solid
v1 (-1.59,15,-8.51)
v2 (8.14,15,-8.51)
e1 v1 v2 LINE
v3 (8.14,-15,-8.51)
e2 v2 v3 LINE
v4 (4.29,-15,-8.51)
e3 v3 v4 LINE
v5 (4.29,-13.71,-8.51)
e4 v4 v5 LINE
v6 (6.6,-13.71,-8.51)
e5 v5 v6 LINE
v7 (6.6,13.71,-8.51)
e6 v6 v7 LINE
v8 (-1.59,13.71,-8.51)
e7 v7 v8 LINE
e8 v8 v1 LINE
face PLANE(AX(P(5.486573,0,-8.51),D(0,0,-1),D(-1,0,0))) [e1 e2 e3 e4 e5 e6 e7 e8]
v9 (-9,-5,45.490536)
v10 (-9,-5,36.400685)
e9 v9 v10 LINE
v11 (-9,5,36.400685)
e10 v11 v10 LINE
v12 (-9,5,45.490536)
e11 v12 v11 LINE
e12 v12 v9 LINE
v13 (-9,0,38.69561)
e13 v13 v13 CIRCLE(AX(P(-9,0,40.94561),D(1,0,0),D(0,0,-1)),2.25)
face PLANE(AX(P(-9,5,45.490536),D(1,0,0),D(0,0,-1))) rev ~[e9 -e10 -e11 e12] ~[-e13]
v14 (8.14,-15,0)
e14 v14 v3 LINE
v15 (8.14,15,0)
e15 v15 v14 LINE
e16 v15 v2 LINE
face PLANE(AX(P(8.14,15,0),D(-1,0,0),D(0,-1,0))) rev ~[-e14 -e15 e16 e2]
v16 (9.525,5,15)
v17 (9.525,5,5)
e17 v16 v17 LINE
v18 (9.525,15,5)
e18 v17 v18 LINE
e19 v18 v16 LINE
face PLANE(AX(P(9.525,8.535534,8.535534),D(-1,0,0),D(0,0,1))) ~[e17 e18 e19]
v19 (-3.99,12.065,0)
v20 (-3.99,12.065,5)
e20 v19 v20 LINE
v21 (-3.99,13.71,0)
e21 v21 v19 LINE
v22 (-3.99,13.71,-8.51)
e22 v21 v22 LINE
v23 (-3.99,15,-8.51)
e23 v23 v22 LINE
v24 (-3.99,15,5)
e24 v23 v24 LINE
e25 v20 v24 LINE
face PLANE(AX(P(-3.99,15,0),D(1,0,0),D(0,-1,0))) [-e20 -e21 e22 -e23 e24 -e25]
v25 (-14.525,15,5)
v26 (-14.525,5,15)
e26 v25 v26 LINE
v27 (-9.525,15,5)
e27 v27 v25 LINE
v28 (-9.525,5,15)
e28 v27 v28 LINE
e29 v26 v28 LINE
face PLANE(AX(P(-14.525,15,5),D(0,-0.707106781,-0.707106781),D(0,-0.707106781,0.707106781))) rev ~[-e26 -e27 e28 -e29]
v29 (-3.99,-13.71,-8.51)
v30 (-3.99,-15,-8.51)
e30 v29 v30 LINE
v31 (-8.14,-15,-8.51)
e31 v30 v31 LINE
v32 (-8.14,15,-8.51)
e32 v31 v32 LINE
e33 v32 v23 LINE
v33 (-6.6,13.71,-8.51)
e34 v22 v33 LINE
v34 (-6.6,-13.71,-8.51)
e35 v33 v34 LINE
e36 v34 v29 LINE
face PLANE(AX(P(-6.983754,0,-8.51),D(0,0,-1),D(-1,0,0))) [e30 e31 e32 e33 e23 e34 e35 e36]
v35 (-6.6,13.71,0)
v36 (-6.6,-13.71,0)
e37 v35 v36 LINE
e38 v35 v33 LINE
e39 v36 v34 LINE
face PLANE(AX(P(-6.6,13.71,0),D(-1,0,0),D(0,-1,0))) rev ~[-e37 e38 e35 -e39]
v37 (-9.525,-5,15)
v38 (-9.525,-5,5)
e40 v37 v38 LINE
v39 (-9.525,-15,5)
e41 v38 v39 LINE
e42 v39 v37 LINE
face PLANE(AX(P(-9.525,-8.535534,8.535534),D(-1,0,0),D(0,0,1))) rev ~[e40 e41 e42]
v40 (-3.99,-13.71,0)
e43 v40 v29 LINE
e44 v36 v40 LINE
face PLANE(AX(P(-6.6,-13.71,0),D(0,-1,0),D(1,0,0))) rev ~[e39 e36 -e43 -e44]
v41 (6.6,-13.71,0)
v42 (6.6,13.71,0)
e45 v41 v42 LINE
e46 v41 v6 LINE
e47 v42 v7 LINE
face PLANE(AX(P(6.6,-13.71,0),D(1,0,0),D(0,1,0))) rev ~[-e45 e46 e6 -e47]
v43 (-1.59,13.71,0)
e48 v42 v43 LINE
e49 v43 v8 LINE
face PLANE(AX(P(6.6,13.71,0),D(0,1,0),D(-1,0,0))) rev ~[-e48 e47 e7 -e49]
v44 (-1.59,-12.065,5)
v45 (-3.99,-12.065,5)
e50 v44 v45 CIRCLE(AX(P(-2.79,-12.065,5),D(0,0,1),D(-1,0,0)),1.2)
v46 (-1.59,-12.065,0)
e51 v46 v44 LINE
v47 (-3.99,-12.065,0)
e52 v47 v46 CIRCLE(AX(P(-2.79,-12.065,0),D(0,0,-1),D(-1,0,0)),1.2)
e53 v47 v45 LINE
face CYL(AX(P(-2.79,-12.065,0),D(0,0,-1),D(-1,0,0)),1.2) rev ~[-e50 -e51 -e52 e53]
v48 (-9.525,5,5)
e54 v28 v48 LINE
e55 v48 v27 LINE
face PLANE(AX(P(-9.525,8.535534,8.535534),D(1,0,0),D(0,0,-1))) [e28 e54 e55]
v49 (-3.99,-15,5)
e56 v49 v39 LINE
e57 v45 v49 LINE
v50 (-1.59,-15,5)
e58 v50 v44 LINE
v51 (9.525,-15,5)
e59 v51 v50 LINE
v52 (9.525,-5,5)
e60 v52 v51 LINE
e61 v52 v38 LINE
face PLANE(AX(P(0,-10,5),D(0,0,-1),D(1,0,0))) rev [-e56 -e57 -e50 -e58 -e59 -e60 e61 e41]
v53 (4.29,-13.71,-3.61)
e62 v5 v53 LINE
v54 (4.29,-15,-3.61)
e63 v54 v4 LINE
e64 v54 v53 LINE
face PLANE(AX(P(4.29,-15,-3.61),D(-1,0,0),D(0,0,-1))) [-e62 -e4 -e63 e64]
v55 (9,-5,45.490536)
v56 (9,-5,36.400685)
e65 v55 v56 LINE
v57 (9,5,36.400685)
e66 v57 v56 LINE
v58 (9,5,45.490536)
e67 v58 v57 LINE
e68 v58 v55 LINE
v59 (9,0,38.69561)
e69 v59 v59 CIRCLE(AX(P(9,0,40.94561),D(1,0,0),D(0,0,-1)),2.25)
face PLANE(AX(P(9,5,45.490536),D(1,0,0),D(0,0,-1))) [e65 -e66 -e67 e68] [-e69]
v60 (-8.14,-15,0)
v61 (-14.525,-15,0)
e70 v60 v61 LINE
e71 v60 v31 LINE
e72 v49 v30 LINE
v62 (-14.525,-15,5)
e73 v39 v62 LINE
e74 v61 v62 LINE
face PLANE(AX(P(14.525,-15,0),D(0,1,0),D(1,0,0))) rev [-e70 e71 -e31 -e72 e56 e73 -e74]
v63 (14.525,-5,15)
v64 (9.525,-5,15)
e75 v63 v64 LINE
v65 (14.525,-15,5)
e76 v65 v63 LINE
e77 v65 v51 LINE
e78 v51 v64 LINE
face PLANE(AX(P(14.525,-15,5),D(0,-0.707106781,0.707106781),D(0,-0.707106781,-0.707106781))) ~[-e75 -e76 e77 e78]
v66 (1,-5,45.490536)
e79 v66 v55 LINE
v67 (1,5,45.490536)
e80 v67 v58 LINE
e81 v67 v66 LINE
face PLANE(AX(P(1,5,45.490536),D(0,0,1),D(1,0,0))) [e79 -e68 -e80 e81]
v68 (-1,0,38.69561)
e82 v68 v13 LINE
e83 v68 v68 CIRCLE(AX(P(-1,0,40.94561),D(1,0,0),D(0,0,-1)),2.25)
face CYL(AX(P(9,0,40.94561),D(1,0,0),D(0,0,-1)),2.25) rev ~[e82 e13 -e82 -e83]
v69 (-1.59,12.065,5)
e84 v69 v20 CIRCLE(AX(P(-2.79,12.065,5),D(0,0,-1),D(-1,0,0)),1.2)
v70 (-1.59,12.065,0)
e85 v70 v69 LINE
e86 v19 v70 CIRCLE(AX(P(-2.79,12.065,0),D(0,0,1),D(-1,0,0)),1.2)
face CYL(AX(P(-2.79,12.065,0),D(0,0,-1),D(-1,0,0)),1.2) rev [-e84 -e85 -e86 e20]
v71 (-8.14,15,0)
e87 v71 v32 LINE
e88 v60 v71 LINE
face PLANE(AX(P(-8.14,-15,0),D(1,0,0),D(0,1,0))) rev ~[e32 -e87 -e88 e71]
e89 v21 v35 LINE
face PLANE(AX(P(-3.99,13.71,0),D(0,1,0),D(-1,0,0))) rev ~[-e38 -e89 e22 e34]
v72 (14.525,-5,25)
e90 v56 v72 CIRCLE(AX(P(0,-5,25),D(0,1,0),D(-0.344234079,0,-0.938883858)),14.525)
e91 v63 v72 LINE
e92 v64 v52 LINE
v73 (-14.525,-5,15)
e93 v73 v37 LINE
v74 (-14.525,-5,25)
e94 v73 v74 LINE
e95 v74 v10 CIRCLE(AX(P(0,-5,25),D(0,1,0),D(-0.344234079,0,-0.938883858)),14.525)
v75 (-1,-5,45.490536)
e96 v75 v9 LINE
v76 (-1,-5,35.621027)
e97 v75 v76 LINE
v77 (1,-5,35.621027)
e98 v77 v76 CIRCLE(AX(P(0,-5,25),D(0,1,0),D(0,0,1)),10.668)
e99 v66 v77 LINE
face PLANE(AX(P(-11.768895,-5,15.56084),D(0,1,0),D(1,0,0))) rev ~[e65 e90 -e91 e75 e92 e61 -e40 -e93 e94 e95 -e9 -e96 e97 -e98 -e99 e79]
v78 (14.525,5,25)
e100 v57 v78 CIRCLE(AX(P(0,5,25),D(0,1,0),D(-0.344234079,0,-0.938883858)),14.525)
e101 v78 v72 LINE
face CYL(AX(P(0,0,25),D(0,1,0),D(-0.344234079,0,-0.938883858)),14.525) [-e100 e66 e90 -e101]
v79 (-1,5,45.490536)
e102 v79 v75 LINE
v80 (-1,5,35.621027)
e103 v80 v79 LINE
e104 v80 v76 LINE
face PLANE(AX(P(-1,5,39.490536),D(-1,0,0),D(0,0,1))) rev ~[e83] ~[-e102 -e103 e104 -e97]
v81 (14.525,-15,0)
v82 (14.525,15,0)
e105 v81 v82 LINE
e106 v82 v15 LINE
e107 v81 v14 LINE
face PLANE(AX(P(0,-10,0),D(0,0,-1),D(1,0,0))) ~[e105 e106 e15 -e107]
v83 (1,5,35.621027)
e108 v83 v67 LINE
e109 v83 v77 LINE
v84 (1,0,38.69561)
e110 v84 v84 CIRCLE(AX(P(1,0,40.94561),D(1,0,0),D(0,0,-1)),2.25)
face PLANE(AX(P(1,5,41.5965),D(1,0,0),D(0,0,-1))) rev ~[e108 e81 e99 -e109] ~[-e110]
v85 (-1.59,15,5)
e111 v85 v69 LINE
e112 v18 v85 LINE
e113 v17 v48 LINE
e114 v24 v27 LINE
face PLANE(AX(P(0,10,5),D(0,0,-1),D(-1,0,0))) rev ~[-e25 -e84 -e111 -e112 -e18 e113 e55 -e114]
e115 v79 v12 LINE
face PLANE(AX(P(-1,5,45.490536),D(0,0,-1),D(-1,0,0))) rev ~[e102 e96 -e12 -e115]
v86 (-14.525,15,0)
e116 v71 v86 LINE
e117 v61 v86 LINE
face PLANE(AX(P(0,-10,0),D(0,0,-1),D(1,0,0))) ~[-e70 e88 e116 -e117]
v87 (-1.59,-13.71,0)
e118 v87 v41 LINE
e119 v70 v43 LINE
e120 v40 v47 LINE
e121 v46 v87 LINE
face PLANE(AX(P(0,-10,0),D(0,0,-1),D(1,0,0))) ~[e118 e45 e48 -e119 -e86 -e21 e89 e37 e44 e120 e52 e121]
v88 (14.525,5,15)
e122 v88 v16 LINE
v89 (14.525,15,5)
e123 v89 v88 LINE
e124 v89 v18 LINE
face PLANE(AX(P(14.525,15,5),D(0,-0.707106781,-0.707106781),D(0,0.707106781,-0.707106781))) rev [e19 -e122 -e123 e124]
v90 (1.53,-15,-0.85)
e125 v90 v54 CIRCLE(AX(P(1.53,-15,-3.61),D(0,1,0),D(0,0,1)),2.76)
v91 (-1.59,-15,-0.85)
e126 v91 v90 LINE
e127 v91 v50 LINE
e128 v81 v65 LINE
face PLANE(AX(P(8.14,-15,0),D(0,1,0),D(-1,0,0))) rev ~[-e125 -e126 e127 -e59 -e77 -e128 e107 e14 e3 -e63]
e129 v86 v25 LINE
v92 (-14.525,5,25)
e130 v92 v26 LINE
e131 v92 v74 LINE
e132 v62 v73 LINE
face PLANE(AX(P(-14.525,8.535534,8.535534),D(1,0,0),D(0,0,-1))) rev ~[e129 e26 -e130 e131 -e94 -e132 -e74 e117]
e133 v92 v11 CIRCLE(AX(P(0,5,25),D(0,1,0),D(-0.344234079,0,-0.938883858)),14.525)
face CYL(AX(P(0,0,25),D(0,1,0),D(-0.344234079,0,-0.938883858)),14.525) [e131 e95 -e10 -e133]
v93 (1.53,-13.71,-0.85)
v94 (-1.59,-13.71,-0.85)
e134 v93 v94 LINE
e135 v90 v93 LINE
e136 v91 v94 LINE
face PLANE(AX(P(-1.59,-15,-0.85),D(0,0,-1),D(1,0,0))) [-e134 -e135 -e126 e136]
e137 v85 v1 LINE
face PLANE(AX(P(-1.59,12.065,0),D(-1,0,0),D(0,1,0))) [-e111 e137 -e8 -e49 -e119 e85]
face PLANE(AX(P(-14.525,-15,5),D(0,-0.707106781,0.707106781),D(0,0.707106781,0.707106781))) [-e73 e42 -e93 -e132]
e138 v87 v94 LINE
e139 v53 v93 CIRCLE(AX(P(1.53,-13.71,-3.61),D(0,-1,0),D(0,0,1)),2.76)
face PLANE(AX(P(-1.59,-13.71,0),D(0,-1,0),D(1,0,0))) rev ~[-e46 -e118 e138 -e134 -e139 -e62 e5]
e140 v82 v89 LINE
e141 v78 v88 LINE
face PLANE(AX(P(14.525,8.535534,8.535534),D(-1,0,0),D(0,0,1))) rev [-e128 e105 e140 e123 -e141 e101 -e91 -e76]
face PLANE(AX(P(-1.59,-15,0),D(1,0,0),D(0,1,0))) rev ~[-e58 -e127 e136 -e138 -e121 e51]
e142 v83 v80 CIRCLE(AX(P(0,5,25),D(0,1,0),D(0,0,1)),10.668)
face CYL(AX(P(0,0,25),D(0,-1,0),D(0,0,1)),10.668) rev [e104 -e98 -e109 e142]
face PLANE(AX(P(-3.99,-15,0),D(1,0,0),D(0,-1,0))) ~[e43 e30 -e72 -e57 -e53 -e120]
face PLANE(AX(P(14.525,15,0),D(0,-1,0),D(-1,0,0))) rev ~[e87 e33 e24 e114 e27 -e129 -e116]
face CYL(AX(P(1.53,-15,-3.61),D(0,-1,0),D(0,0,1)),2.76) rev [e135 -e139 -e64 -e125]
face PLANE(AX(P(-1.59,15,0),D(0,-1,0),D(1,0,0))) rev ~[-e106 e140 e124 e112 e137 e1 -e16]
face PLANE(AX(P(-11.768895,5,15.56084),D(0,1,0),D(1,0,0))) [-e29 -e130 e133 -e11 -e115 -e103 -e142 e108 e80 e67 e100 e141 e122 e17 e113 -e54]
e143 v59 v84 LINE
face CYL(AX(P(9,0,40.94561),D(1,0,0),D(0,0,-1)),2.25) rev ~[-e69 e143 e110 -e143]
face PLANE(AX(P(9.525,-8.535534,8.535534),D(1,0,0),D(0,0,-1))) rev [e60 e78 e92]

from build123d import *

# Parameters (mm, degrees)
CROQUIS1_R              = 10.668
SALIENTE_EXTRUIR1_DEPTH = 5
CROQUIS7_W              = 2
CROQUIS7_H              = 8
CORTAR_EXTRUIR5_DEPTH   = 44.28049503
SALIENTE_EXTRUIR3_DEPTH = 10
CORTAR_EXTRUIR6_REACH   = 53.457
CROQUIS9_R              = 2.25
SALIENTE_EXTRUIR4_DEPTH = 10
CROQUIS11_W             = 29.05
CROQUIS11_H             = 10
SALIENTE_EXTRUIR5_DEPTH = 5
CORTAR_EXTRUIR7_REACH   = 52.054
SALIENTE_EXTRUIR6_DEPTH = 8.51
CORTAR_EXTRUIR8_REACH   = 58.395
SALIENTE_EXTRUIR7_DEPTH = 5


with BuildPart() as part:
    # Croquis1 → Saliente-Extruir1 (new, symmetric)
    with BuildSketch(Plane(origin=(0, 0, 0), x_dir=(1, 0, 0), z_dir=(0, 1, 0))):
        with BuildLine():
            Line((14.525, 0), (-14.525, 0))
            Line((-14.525, 0), (-14.525, -10))
            Line((-14.525, -10), (-5, -10))
            Line((-5, -10), (-5, -11.362711963))
            ThreePointArc((-5, -11.362711963), (0, -39.525), (5, -11.362711963))
            Line((5, -11.362711963), (5, -10))
            Line((5, -10), (14.525, -10))
            Line((14.525, -10), (14.525, 0))
        make_face()
        with Locations(Location((0, -25, 0), (0, 0, 270))):
            Circle(CROQUIS1_R, mode=Mode.SUBTRACT)
    extrude(amount=SALIENTE_EXTRUIR1_DEPTH, both=True)

    # Croquis7 → Cortar-Extruir5 (cut, through all)
    with BuildSketch(Plane(origin=(0, 5, 0), x_dir=(1, 0, 0), z_dir=(0, 1, 0))):
        with Locations((0, -37.5965)):
            Rectangle(CROQUIS7_W, CROQUIS7_H)
    extrude(amount=-CORTAR_EXTRUIR5_DEPTH, mode=Mode.SUBTRACT)

    # Croquis8 → Saliente-Extruir3 (add)
    with BuildSketch(Plane(origin=(0, 5, 0), x_dir=(1, 0, 0), z_dir=(0, 1, 0))):
        with BuildLine():
            Line((-1, -39.490535704), (-1, -45.490535704))
            Line((-1, -45.490535704), (-9, -45.490535704))
            Line((-9, -45.490535704), (-9, -36.400685286))
            ThreePointArc((-9, -36.400685286), (-5.233239332, -38.549495603), (-1, -39.490535704))
        make_face()
        with BuildLine():
            Line((9, -45.490535704), (9, -36.400685286))
            ThreePointArc((9, -36.400685286), (5.233239332, -38.549495603), (1, -39.490535704))
            Line((1, -39.490535704), (1, -45.490535704))
            Line((1, -45.490535704), (9, -45.490535704))
        make_face()
    extrude(amount=-SALIENTE_EXTRUIR3_DEPTH)

    # Cortar-Extruir6: up to this face of the body (flat: up to its plane)
    cortar_extruir6_end = Plane(part.part.faces().sort_by_distance((-9, 0, 40.945610495))[0])
    # Croquis9 → Cortar-Extruir6 (cut, up to the picked face)
    with BuildSketch(Plane(origin=(9, 0, 0), x_dir=(0, 0, -1), z_dir=(1, 0, 0)), mode=Mode.PRIVATE) as cortar_extruir6_sk1:
        with Locations((-40.945610495, 0)):
            Circle(CROQUIS9_R)
    cortar_extruir6_tool1 = split(extrude(cortar_extruir6_sk1.sketch, amount=-CORTAR_EXTRUIR6_REACH, mode=Mode.PRIVATE), bisect_by=cortar_extruir6_end, keep=Keep.BOTH, mode=Mode.PRIVATE)
    add(cortar_extruir6_tool1.solids().sort_by(Axis((9, 0, 40.94561), (-1, 0, 0)))[0], mode=Mode.SUBTRACT)

    # Croquis10 → Saliente-Extruir4 (add)
    with BuildSketch(Plane(origin=(0, 5, 0), x_dir=(1, 0, 0), z_dir=(0, 1, 0))):
        with BuildLine():
            Line((-14.525, -10), (-14.525, -25))
            ThreePointArc((-14.525, -25), (-11.907993639, -16.682830259), (-5, -11.362711963))
            Line((-5, -11.362711963), (-5, -10))
            Line((-5, -10), (-14.525, -10))
        make_face()
        with BuildLine():
            Line((14.525, -10), (5, -10))
            Line((5, -10), (5, -11.362711963))
            ThreePointArc((5, -11.362711963), (11.907993639, -16.682830259), (14.525, -25))
            Line((14.525, -25), (14.525, -10))
        make_face()
    extrude(amount=-SALIENTE_EXTRUIR4_DEPTH)

    # Croquis11 → Saliente-Extruir5 (add)
    with BuildSketch(Plane(origin=(0, 0, 0), x_dir=(-1, 0, 0), z_dir=(0, 0, -1))):
        with Locations((0, 10)):
            Rectangle(CROQUIS11_W, CROQUIS11_H)
    saliente_extruir5 = extrude(amount=-SALIENTE_EXTRUIR5_DEPTH)

    # Croquis13 → Cortar-Extruir7 (cut, up to next)
    with BuildSketch(Plane(origin=(0, 0, 0), x_dir=(-1, 0, 0), z_dir=(0, 0, -1)), mode=Mode.PRIVATE) as cortar_extruir7_sk1:
        with BuildLine():
            Line((1.59, 12.065), (1.59, 15))
            Line((1.59, 15), (3.99, 15))
            Line((3.99, 15), (3.99, 12.065))
            ThreePointArc((3.99, 12.065), (2.79, 10.865), (1.59, 12.065))
        make_face()
    cortar_extruir7_tool1 = extrude(cortar_extruir7_sk1.sketch, amount=-CORTAR_EXTRUIR7_REACH, mode=Mode.PRIVATE) & part.part
    cortar_extruir7 = cortar_extruir7_tool1.solids().sort_by_distance((-2.79, 13.052011, 0))[0]
    add(cortar_extruir7, mode=Mode.SUBTRACT)

    # Simetría1: Saliente-Extruir5, Cortar-Extruir7 across plane
    add(saliente_extruir5.mirror(Plane.ZX))
    add(cortar_extruir7.mirror(Plane.ZX), mode=Mode.SUBTRACT)

    # Croquis14 → Saliente-Extruir6 (add)
    with BuildSketch(Plane(origin=(0, 0, 0), x_dir=(-1, 0, 0), z_dir=(0, 0, -1))):
        Polygon((1.59, -13.71), (-6.6, -13.71), (-6.6, 13.71), (1.59, 13.71), (1.59, 15), (-8.14, 15), (-8.14, -15), (1.59, -15), align=None)
        Polygon((6.6, -13.71), (3.99, -13.71), (3.99, -15), (8.14, -15), (8.14, 15), (3.99, 15), (3.99, 13.71), (6.6, 13.71), align=None)
    extrude(amount=SALIENTE_EXTRUIR6_DEPTH)

    # Croquis15 → Cortar-Extruir8 (cut, up to next)
    with BuildSketch(Plane.XZ.offset(15), mode=Mode.PRIVATE) as cortar_extruir8_sk1:
        with BuildLine():
            Line((4.29, -3.61), (4.29, -8.51))
            Line((4.29, -8.51), (-1.59, -8.51))
            Line((-1.59, -8.51), (-1.59, -0.85))
            Line((-1.59, -0.85), (1.53, -0.85))
            ThreePointArc((1.53, -0.85), (3.481614716, -1.658385284), (4.29, -3.61))
        make_face()
    cortar_extruir8_tool1 = extrude(cortar_extruir8_sk1.sketch, amount=-CORTAR_EXTRUIR8_REACH, mode=Mode.PRIVATE) & part.part
    add(cortar_extruir8_tool1.solids().sort_by_distance((1.262493, -15, -4.801026))[0], mode=Mode.SUBTRACT)

    # Croquis16 → Saliente-Extruir7 (add)
    with BuildSketch(Plane.ZY.offset(14.525)):
        Polygon((5, 15), (15, 5), (5, 5), align=None)
        Polygon((15, -5), (5, -5), (5, -15), align=None)
    saliente_extruir7 = extrude(amount=-SALIENTE_EXTRUIR7_DEPTH)

    # Simetría2: Saliente-Extruir7 across plane
    add(saliente_extruir7.mirror(Plane(origin=(0, 0, 0), x_dir=(0, 0, 1), z_dir=(1, 0, 0))))


solid = part.part
